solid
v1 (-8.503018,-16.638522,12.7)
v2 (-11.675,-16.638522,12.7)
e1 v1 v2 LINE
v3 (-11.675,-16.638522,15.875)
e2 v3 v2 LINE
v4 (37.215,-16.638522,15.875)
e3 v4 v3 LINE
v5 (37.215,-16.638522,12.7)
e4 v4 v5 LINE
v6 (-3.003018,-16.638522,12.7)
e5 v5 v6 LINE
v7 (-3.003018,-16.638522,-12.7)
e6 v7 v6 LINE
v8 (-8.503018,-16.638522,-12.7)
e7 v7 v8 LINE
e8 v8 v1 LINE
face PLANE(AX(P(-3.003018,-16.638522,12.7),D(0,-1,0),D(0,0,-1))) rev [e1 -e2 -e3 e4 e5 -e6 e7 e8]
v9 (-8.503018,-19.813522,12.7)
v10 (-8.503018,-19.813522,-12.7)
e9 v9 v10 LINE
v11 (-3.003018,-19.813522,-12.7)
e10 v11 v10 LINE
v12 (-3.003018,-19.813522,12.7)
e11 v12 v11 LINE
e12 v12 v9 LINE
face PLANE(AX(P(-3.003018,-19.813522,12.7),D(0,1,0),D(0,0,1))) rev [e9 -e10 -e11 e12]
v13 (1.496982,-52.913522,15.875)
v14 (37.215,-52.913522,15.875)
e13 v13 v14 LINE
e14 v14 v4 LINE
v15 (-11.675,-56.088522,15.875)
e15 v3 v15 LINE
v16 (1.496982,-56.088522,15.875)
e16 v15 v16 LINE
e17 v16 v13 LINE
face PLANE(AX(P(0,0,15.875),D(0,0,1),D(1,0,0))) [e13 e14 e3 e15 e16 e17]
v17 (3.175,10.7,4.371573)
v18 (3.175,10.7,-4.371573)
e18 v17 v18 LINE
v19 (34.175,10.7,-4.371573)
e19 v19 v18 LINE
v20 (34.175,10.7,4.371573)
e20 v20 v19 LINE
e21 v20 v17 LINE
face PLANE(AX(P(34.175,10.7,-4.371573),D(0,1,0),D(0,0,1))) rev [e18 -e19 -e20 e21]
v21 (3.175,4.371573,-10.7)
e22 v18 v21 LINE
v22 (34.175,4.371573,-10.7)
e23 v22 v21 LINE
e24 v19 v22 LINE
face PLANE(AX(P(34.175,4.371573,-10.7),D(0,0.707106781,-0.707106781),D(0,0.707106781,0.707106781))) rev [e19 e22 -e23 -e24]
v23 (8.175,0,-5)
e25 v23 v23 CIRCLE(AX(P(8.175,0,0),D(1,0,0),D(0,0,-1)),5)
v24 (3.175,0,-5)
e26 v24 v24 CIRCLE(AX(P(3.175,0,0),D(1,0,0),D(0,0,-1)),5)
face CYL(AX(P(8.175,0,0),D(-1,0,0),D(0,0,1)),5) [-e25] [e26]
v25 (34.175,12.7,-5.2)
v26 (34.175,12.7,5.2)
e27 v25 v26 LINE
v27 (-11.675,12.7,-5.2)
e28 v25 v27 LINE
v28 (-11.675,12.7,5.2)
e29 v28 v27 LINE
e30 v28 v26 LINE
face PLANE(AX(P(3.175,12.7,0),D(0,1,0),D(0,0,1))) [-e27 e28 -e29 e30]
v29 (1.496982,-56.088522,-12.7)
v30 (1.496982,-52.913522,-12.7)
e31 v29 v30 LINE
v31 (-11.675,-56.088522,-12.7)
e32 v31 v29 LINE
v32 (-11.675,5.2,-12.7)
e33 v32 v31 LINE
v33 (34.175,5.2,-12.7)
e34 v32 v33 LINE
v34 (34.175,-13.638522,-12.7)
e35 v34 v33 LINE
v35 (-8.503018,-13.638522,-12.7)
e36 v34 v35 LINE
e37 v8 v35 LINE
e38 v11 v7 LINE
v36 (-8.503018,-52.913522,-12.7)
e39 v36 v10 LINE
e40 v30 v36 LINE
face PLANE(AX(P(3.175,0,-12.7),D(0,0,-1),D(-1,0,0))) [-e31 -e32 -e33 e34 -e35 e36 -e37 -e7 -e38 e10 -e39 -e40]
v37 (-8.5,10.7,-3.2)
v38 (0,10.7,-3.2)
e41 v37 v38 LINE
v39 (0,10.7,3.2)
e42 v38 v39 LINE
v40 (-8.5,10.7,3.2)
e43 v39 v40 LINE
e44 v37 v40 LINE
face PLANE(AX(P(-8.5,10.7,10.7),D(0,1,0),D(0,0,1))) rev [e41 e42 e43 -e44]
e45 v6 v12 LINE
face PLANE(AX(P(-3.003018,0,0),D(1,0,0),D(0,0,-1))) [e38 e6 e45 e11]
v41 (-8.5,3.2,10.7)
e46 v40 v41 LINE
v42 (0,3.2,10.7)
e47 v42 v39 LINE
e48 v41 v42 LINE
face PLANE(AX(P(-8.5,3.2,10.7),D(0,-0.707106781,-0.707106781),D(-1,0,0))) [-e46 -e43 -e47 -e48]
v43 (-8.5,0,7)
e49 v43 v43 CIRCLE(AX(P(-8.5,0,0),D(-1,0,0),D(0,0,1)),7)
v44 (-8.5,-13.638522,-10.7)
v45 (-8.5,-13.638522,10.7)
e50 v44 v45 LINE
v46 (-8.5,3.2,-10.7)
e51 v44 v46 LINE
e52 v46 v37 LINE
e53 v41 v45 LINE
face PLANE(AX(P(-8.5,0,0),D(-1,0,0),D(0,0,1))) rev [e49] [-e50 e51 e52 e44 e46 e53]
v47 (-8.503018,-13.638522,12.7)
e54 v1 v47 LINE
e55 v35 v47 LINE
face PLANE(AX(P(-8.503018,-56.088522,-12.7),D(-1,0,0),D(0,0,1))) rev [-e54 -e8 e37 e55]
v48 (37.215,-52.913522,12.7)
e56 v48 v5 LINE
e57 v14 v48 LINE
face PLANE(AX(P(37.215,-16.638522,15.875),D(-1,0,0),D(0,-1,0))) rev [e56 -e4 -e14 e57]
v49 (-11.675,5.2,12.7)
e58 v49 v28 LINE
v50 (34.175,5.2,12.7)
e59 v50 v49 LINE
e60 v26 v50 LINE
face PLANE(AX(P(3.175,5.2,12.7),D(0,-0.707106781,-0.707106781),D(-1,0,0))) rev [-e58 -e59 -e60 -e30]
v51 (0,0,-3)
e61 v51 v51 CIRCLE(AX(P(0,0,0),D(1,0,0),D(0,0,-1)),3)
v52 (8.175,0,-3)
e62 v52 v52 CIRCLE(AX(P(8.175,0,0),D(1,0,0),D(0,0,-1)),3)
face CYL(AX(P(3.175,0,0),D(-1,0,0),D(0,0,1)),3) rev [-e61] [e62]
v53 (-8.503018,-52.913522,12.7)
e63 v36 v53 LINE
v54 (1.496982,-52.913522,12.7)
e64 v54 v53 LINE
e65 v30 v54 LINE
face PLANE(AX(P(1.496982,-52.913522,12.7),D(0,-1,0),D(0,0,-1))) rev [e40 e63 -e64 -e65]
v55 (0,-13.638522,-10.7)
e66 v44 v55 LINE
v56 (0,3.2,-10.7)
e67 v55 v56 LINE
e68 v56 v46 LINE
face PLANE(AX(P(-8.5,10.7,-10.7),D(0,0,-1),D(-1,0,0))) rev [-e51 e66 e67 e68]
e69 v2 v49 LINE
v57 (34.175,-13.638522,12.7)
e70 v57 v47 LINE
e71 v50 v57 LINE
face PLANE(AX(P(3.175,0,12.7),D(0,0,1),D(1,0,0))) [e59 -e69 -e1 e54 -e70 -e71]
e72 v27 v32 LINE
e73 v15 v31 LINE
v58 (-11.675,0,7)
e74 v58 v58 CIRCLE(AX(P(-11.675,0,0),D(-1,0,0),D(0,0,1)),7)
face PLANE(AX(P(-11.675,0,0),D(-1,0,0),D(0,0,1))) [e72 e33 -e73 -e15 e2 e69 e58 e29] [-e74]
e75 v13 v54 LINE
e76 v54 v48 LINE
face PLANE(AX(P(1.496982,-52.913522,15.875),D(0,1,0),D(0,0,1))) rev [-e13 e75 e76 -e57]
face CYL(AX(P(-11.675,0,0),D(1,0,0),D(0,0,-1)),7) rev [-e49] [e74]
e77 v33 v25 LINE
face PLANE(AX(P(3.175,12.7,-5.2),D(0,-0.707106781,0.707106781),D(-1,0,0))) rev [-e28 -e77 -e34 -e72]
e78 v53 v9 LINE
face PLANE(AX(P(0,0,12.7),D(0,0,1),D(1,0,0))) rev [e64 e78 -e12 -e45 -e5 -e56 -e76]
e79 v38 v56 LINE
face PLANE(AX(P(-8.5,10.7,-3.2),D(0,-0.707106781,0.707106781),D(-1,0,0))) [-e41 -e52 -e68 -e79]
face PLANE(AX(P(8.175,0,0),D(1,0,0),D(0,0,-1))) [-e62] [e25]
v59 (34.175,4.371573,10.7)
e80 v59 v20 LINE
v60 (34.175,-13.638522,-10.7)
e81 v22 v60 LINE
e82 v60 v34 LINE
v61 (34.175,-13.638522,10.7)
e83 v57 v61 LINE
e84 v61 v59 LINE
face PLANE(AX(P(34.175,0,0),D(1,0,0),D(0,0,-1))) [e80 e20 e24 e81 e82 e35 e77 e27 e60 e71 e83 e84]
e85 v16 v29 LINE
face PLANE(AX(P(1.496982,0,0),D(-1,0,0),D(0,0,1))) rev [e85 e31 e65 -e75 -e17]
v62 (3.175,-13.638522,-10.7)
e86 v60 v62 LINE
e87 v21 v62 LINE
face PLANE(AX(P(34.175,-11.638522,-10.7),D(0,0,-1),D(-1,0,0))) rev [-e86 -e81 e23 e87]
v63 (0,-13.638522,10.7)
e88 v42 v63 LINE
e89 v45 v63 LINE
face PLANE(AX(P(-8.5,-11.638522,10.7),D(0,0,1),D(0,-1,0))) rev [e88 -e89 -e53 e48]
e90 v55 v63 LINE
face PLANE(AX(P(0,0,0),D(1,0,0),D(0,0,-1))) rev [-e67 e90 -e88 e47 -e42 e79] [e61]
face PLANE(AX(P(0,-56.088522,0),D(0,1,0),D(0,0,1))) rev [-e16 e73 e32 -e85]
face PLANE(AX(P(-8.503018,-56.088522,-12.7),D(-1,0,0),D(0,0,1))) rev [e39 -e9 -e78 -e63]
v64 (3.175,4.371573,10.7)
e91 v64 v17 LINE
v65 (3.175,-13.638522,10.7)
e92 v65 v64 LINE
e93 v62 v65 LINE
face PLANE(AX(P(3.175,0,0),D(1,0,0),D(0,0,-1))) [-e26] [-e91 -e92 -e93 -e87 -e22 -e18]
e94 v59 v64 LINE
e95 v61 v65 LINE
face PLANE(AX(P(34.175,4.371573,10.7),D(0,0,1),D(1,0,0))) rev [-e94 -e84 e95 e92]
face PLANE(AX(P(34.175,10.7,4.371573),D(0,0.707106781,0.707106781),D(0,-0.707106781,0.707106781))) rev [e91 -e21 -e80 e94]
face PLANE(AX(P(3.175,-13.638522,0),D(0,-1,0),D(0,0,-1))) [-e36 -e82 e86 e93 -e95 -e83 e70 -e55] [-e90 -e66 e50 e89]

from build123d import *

# Parameters (mm, degrees)
SKETCH1_R            = 3
BOSS_EXTRUDE1_DEPTH  = 3.175
BOSS_EXTRUDE2_DEPTH  = 8.5
SKETCH3_R            = 7
BOSS_EXTRUDE3_DEPTH  = 3.175
SKETCH4_W            = 3.171981578
SKETCH4_H            = 25.4
BOSS_EXTRUDE4_DEPTH  = 42.45
SKETCH5_R            = 5
SKETCH5_R_2          = 3
BOSS_EXTRUDE5_DEPTH  = 5
CHAMFER2_SIZE        = 7.5
SKETCH7_W            = 25.4
SKETCH7_H            = 3.175
BOSS_EXTRUDE6_DEPTH  = 5.5
SKETCH9_W            = 25.4
SKETCH9_H            = 3.175
BOSS_EXTRUDE7_DEPTH  = 10
BOSS_EXTRUDE8_DEPTH  = 31
BOSS_EXTRUDE11_DEPTH = 3.175


with BuildPart() as part:
    # Sketch1 → Boss-Extrude1 (new body)
    with BuildSketch(Plane(origin=(0, 0, 0), x_dir=(0, 0, -1), z_dir=(1, 0, 0))):
        Polygon((-12.7, 12.7), (-12.7, 0), (-12.7, -13.638521551), (12.7, -13.638521551), (12.7, 0), (12.7, 12.7), align=None)
        Circle(SKETCH1_R, mode=Mode.SUBTRACT)
    extrude(amount=BOSS_EXTRUDE1_DEPTH)

    # Sketch2 → Boss-Extrude2 (add)
    with BuildSketch(Plane.ZY):
        Polygon((-10.7, -11.638521551), (-10.7, -13.638521551), (-12.7, -13.638521551), (-12.7, 12.7), (12.7, 12.7), (12.7, -13.638521551), (10.7, -13.638521551), (10.7, -11.638521551), (10.7, 10.7), (-10.7, 10.7), align=None)
    extrude(amount=BOSS_EXTRUDE2_DEPTH)

    # Sketch3 → Boss-Extrude3 (add)
    with BuildSketch(Plane.ZY.offset(8.5)):
        Polygon((-10.7, -13.638521551), (10.7, -13.638521551), (12.7, -13.638521551), (12.7, 12.7), (-12.7, 12.7), (-12.7, -13.638521551), align=None)
        Circle(SKETCH3_R, mode=Mode.SUBTRACT)
    extrude(amount=BOSS_EXTRUDE3_DEPTH)

    # Sketch4 → Boss-Extrude4 (add)
    with BuildSketch(Plane.XZ.offset(13.638521551)):
        with Locations((-10.089009211, 0)):
            Rectangle(SKETCH4_W, SKETCH4_H)
    extrude(amount=BOSS_EXTRUDE4_DEPTH)

    # Sketch5 → Boss-Extrude5 (add)
    with BuildSketch(Plane(origin=(3.175, 0, 0), x_dir=(0, 0, -1), z_dir=(1, 0, 0))):
        Circle(SKETCH5_R)
        Circle(SKETCH5_R_2, mode=Mode.SUBTRACT)
    extrude(amount=BOSS_EXTRUDE5_DEPTH)

    # Chamfer2
    chamfer2_edges = [part.edges().sort_by_distance(p)[0] for p in [
        (-4.25, 12.7, 12.7),
        (-4.25, 12.7, -12.7),
        (-4.25, 10.7, -10.7),
        (-4.25, 10.7, 10.7),
    ]]
    chamfer(chamfer2_edges, length=CHAMFER2_SIZE)

    # Sketch7 → Boss-Extrude6 (add)
    with BuildSketch(Plane(origin=(-8.503018422, 0, 0), x_dir=(0, 0, -1), z_dir=(1, 0, 0))):
        with Locations((0, -18.226021551)):
            Rectangle(SKETCH7_W, SKETCH7_H)
    extrude(amount=BOSS_EXTRUDE6_DEPTH)

    # Sketch9 → Boss-Extrude7 (add)
    with BuildSketch(Plane(origin=(-8.503018422, 0, 0), x_dir=(0, 0, -1), z_dir=(1, 0, 0))):
        with Locations((0, -54.501021551)):
            Rectangle(SKETCH9_W, SKETCH9_H)
    extrude(amount=BOSS_EXTRUDE7_DEPTH)

    # Sketch10 → Boss-Extrude8 (add)
    with BuildSketch(Plane(origin=(3.175, 0, 0), x_dir=(0, 0, -1), z_dir=(1, 0, 0))):
        Polygon((5.2, 12.7), (-5.2, 12.7), (-12.7, 5.2), (-12.7, -13.638521551), (-10.7, -13.638521551), (-10.7, -11.638521551), (-10.7, 4.371572875), (-4.371572875, 10.7), (4.371572875, 10.7), (10.7, 4.371572875), (10.7, -11.638521551), (10.7, -13.638521551), (12.7, -13.638521551), (12.7, 5.2), align=None)
    extrude(amount=BOSS_EXTRUDE8_DEPTH)

    # Sketch12 → Boss-Extrude11 (add)
    with BuildSketch(Plane.XY.offset(12.7)):
        Polygon((-11.675, -52.913521551), (-11.675, -56.088521551), (1.496981578, -56.088521551), (1.496981578, -52.913521551), (37.215, -52.913521551), (37.215, -16.638521551), (-11.675, -16.638521551), align=None)
    extrude(amount=BOSS_EXTRUDE11_DEPTH)


solid = part.part
